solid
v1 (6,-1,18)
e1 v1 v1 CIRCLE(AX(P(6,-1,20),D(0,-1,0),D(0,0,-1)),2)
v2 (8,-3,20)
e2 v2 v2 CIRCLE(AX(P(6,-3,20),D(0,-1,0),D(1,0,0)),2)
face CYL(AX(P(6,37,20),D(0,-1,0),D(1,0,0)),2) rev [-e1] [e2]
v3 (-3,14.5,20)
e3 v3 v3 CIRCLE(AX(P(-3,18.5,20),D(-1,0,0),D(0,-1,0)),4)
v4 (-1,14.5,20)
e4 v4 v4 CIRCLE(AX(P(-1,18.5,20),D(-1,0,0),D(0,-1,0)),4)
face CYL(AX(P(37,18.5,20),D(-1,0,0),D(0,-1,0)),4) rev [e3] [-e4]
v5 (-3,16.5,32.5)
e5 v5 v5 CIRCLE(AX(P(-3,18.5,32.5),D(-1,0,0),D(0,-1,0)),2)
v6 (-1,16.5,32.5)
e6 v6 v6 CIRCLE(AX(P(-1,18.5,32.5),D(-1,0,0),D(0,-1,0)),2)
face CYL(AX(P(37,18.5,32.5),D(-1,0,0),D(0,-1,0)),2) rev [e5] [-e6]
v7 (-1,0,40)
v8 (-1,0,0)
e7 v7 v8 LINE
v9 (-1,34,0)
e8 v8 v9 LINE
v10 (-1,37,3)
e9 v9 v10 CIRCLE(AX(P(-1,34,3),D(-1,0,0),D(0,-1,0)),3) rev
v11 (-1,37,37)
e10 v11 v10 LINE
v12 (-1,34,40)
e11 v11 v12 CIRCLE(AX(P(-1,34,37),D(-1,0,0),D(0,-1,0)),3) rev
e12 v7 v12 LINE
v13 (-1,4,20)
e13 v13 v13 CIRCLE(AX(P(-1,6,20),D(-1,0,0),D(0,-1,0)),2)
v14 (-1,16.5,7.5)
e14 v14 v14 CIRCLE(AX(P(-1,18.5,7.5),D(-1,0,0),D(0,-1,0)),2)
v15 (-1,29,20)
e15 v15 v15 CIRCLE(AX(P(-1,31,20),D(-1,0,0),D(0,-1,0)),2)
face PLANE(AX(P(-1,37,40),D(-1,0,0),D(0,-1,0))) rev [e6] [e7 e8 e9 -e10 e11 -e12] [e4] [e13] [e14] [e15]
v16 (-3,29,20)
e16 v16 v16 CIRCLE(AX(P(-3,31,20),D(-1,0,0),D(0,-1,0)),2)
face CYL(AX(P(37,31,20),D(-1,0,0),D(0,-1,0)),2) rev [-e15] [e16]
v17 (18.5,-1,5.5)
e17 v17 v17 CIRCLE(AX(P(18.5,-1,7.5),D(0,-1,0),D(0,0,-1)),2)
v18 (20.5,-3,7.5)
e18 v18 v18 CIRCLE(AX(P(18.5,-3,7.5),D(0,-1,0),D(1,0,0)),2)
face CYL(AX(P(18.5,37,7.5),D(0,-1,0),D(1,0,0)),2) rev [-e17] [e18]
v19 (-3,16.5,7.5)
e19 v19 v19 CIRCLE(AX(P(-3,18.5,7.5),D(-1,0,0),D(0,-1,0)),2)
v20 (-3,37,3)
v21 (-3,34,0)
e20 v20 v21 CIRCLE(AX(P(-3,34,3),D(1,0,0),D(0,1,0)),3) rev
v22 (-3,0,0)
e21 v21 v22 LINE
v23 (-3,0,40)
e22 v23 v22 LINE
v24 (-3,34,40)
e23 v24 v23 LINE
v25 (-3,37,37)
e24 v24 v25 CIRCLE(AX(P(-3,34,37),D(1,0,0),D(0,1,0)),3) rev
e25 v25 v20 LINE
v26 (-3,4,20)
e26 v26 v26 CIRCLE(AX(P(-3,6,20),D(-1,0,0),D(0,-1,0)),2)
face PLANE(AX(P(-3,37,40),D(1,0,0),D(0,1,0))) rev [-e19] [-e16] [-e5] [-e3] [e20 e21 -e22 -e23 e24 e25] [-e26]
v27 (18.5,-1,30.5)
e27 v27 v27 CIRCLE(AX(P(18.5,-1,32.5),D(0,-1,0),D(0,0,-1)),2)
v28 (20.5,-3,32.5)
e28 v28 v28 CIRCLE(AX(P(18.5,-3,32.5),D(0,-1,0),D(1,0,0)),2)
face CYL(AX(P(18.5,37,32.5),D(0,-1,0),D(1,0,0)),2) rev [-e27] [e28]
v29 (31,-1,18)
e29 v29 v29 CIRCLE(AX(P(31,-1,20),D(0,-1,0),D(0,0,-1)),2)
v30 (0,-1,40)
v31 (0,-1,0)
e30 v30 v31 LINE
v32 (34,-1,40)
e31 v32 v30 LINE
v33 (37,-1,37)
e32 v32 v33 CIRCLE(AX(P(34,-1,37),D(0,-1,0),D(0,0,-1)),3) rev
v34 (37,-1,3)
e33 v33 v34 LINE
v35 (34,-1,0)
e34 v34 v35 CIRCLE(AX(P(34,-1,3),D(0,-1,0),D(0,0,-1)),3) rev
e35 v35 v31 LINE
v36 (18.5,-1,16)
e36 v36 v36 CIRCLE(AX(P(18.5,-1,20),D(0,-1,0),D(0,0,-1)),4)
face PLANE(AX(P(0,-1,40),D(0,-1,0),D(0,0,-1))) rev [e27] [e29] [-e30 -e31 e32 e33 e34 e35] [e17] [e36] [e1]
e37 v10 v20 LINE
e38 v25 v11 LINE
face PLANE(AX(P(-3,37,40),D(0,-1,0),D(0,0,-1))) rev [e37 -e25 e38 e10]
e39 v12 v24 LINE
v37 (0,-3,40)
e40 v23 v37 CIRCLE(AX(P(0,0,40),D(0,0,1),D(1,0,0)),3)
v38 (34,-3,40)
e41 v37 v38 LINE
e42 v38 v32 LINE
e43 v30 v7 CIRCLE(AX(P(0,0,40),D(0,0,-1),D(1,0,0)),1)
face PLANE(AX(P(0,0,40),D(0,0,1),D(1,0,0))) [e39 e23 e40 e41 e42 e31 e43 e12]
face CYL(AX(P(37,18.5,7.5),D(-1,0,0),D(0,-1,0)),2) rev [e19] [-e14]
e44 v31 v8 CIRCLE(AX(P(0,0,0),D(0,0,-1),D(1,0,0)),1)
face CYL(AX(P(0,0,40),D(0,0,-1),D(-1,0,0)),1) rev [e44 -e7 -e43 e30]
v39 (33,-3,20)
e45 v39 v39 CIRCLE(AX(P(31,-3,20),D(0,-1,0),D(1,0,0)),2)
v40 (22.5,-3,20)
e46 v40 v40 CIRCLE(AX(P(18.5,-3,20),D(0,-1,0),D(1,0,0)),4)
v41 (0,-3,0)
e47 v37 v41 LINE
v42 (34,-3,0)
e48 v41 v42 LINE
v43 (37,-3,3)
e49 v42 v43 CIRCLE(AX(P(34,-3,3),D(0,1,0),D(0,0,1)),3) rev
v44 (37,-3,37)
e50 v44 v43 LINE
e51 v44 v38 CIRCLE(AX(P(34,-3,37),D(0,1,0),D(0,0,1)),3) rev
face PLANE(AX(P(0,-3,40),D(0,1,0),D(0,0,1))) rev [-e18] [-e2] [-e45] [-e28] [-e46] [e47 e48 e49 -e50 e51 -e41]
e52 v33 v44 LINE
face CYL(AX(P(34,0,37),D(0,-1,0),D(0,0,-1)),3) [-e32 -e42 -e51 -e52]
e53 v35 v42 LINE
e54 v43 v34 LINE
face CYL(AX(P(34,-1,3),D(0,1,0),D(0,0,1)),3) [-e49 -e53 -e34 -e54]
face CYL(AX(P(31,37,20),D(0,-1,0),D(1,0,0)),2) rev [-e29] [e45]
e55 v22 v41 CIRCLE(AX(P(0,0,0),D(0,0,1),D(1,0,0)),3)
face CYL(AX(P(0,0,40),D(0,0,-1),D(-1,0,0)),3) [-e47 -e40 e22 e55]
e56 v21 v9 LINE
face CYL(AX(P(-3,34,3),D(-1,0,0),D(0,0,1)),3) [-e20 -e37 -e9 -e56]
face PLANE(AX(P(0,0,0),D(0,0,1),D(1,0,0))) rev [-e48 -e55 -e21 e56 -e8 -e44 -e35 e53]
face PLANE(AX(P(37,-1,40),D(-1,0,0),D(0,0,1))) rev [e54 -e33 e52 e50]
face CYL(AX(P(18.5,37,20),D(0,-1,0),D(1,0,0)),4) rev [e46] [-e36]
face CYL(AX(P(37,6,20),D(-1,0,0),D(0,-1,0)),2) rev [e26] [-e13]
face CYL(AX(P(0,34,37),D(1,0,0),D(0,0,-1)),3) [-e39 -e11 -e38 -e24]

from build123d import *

# Parameters (mm, degrees)
EXTRUDE_1_DEPTH     = 40
SKETCH_2_R          = 2
SKETCH_2_R_2        = 4
CUT_EXTRUDE_1_DEPTH = 40
SKETCH_3_R          = 2
SKETCH_3_R_2        = 4
CUT_EXTRUDE_2_DEPTH = 40
FILLET_1_R          = 3


with BuildPart() as part:
    # Эскиз1 → Бобышка-Вытянуть1 (new body)
    with BuildSketch(Plane.XY):
        with BuildLine():
            Line((-3, 37), (-3, 0))
            ThreePointArc((-3, 0), (-2.121320344, -2.121320344), (0, -3))
            Line((0, -3), (37, -3))
            Line((37, -3), (37, -1))
            Line((37, -1), (0, -1))
            ThreePointArc((0, -1), (-0.707106781, -0.707106781), (-1, 0))
            Line((-1, 0), (-1, 37))
            Line((-1, 37), (-3, 37))
        make_face()
    extrude(amount=EXTRUDE_1_DEPTH)

    # Эскиз2 → Вырез-Вытянуть1 (cut)
    with BuildSketch(Plane.ZY.offset(3)):
        with Locations(Location((7.5, 18.5, 0), (0, 0, 270))):
            Circle(SKETCH_2_R)
        with Locations(Location((20, 31, 0), (0, 0, 270))):
            Circle(SKETCH_2_R)
        with Locations(Location((20, 18.5, 0), (0, 0, 270))):
            Circle(SKETCH_2_R_2)
        with Locations(Location((32.5, 18.5, 0), (0, 0, 270))):
            Circle(SKETCH_2_R)
        with Locations(Location((20, 6, 0), (0, 0, 270))):
            Circle(SKETCH_2_R)
    extrude(amount=-CUT_EXTRUDE_1_DEPTH, mode=Mode.SUBTRACT)

    # Эскиз3 → Вырез-Вытянуть2 (cut)
    with BuildSketch(Plane.XZ.offset(3)):
        with Locations((18.5, 7.5)):
            Circle(SKETCH_3_R)
        with Locations((6, 20)):
            Circle(SKETCH_3_R)
        with Locations((18.5, 32.5)):
            Circle(SKETCH_3_R)
        with Locations((31, 20)):
            Circle(SKETCH_3_R)
        with Locations((18.5, 20)):
            Circle(SKETCH_3_R_2)
    extrude(amount=-CUT_EXTRUDE_2_DEPTH, mode=Mode.SUBTRACT)

    # Скругление1
    fillet_1_edges = [part.edges().sort_by_distance(p)[0] for p in [
        (-2, 37, 0),
        (37, -2, 40),
        (-2, 37, 40),
        (37, -2, 0),
    ]]
    fillet(fillet_1_edges, radius=FILLET_1_R)


solid = part.part
